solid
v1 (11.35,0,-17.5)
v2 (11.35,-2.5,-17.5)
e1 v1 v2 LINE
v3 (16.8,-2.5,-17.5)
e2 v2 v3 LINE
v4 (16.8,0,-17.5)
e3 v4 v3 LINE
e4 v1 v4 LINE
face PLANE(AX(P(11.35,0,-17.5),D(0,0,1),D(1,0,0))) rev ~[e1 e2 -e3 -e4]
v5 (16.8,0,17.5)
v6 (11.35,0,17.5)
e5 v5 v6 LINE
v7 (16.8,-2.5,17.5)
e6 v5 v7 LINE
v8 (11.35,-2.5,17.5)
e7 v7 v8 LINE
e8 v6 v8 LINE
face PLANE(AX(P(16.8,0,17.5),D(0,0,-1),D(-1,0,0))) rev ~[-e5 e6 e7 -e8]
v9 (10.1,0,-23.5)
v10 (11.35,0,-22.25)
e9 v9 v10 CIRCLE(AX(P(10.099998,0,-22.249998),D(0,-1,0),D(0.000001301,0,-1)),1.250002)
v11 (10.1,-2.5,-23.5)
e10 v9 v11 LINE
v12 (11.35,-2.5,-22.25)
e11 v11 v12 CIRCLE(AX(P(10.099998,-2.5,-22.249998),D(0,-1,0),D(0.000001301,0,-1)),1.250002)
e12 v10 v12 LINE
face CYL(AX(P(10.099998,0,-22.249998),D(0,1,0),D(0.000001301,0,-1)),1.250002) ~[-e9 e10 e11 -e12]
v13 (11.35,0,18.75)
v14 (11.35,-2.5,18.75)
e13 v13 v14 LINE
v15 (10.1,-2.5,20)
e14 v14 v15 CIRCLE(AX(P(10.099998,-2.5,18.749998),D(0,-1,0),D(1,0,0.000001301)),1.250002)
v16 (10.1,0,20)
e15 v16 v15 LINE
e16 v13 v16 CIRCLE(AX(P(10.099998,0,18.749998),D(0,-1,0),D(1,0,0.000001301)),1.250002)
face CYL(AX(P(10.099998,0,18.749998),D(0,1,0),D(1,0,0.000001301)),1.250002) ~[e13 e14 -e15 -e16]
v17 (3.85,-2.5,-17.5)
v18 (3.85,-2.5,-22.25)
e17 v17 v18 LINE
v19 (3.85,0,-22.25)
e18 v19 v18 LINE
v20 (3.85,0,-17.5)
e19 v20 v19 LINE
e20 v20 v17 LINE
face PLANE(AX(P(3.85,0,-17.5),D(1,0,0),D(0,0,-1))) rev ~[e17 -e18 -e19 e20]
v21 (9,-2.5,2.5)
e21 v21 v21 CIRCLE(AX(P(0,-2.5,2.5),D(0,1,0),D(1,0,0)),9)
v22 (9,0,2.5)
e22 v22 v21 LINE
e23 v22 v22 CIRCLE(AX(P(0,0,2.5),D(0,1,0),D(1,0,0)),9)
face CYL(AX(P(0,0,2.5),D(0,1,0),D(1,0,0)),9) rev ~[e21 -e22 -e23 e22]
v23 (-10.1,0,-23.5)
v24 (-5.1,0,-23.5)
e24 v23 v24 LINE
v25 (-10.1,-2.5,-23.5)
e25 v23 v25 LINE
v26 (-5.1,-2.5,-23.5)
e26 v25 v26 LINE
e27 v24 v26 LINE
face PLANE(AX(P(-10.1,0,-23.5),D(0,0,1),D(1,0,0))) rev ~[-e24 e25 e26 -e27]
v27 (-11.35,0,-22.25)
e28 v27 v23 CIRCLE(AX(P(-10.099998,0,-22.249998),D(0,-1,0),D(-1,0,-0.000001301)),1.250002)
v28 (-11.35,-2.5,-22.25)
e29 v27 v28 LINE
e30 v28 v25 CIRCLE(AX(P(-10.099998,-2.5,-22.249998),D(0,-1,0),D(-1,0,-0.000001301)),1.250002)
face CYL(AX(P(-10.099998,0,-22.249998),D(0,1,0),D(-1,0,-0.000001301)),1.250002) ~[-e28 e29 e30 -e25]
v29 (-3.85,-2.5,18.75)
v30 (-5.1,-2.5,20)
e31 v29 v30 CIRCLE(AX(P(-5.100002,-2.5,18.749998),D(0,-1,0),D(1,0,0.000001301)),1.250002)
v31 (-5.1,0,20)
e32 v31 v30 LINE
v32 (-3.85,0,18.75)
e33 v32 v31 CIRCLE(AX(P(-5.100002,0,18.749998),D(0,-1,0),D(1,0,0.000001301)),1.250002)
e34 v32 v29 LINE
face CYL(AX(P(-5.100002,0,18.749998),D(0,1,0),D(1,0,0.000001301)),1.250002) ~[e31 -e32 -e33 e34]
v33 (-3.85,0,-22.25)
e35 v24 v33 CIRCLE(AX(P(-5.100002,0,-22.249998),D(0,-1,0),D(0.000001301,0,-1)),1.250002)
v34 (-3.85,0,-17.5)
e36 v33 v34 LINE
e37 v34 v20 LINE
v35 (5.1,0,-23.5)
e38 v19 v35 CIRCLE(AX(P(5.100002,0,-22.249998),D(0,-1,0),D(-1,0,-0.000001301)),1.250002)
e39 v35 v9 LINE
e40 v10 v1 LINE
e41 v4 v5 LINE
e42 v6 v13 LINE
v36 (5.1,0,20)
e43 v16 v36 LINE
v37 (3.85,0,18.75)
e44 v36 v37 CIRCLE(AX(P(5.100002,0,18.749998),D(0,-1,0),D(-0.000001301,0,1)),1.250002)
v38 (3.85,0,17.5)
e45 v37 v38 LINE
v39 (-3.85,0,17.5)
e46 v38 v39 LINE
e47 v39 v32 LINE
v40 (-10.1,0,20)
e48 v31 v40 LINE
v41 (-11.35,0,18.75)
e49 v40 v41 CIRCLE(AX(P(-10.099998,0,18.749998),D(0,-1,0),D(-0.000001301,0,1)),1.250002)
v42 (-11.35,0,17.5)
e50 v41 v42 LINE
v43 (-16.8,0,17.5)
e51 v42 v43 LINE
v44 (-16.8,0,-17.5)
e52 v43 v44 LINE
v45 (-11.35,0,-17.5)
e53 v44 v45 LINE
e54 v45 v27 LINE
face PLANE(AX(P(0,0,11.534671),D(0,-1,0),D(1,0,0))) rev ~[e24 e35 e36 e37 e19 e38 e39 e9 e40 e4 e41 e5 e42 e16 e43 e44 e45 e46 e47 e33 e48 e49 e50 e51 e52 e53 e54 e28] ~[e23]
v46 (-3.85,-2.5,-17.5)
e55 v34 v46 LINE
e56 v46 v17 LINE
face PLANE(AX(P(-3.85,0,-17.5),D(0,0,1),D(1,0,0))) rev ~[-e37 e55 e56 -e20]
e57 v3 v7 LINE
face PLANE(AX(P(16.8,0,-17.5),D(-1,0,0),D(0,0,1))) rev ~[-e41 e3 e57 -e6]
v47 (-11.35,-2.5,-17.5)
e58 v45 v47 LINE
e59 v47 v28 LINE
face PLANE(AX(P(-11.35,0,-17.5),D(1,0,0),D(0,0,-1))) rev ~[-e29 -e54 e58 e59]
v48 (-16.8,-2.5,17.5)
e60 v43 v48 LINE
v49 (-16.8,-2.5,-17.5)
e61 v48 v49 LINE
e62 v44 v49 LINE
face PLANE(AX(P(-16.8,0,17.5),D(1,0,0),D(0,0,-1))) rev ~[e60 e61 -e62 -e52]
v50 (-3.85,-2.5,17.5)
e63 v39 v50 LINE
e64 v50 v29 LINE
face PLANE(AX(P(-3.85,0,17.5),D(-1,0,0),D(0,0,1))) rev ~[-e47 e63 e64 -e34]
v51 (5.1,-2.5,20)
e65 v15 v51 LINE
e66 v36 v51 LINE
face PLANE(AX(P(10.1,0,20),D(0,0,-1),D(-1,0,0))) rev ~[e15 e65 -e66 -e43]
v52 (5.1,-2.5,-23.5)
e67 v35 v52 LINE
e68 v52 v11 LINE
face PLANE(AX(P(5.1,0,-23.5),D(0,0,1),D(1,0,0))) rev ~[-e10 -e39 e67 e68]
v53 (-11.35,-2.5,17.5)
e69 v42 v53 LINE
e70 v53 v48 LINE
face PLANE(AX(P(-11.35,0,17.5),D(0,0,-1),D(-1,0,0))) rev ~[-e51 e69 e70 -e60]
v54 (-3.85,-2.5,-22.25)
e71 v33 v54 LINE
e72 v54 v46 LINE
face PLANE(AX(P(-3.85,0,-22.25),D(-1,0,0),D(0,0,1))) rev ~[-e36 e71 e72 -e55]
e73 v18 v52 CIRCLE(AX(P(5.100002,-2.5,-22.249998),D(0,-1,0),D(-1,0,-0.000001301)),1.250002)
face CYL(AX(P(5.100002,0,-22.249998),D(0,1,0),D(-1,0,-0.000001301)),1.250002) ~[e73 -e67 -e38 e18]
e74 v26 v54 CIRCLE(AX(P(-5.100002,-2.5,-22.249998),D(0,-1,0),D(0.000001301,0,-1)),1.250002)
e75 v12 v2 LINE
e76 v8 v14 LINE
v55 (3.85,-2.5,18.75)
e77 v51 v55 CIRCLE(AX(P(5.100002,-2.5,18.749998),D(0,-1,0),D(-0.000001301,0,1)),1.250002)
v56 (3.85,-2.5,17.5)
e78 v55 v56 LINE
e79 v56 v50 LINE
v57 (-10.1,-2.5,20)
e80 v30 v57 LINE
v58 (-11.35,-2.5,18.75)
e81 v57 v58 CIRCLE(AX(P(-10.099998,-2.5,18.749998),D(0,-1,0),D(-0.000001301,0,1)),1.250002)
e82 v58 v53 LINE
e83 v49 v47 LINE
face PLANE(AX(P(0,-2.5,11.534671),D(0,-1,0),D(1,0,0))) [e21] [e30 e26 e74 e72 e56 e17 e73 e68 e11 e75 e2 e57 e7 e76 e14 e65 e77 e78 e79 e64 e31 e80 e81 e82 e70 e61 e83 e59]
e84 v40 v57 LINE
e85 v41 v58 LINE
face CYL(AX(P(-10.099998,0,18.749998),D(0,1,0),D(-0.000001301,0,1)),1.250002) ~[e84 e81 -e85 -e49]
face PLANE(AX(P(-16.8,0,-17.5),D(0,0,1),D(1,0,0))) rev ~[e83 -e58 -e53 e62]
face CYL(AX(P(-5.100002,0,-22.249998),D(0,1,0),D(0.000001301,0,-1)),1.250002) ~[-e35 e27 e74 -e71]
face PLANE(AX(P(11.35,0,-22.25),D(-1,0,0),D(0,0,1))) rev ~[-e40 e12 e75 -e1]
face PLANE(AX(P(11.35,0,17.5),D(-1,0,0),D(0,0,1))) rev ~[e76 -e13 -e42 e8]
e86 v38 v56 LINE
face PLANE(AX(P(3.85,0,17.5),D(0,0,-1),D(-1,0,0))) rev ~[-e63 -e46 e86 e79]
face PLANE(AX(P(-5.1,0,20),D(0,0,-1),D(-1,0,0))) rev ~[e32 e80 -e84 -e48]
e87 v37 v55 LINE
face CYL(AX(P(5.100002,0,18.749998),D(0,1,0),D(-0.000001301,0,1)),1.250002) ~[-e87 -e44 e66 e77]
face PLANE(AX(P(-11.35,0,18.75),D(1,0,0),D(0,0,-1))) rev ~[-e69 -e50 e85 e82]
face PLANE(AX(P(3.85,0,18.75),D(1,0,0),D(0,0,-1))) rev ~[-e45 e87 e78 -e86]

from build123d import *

# Parameters (mm, degrees)
F1_DEPTH = 2.5


with BuildPart() as f1:
    # F0 (on Front) → F1 (new body)
    with BuildSketch(Plane.XZ):
        with BuildLine():
            Line((-11.35, 17.5), (-16.8, 17.5))
            Line((-16.8, 17.5), (-16.8, 2.5))
            Line((-16.8, 2.5), (-9, 2.5))
            ThreePointArc((-9, 2.5), (0, 11.5), (9, 2.5))
            Line((9, 2.5), (16.8, 2.5))
            Line((16.8, 2.5), (16.8, 17.5))
            Line((16.8, 17.5), (11.35, 17.5))
            Line((11.35, 17.5), (11.35, 18.75))
            ThreePointArc((11.35, 18.75), (10.983883, 19.633883), (10.1, 20))
            Line((10.1, 20), (5.1, 20))
            ThreePointArc((5.1, 20), (4.216117, 19.633883), (3.85, 18.75))
            Line((3.85, 18.75), (3.85, 17.5))
            Line((3.85, 17.5), (-3.85, 17.5))
            Line((-3.85, 17.5), (-3.85, 18.75))
            ThreePointArc((-3.85, 18.75), (-4.216117, 19.633883), (-5.1, 20))
            Line((-5.1, 20), (-10.1, 20))
            ThreePointArc((-10.1, 20), (-10.983883, 19.633883), (-11.35, 18.75))
            Line((-11.35, 18.75), (-11.35, 17.5))
        make_face()
        with BuildLine():
            Line((-9, 2.5), (-16.8, 2.5))
            Line((-16.8, 2.5), (-16.8, -17.5))
            Line((-16.8, -17.5), (-11.35, -17.5))
            Line((-11.35, -17.5), (-11.35, -22.25))
            ThreePointArc((-11.35, -22.25), (-10.983883, -23.133883), (-10.1, -23.5))
            Line((-10.1, -23.5), (-5.1, -23.5))
            ThreePointArc((-5.1, -23.5), (-4.216117, -23.133883), (-3.85, -22.25))
            Line((-3.85, -22.25), (-3.85, -17.5))
            Line((-3.85, -17.5), (3.85, -17.5))
            Line((3.85, -17.5), (3.85, -22.25))
            ThreePointArc((3.85, -22.25), (4.216117, -23.133883), (5.1, -23.5))
            Line((5.1, -23.5), (10.1, -23.5))
            ThreePointArc((10.1, -23.5), (10.983883, -23.133883), (11.35, -22.25))
            Line((11.35, -22.25), (11.35, -17.5))
            Line((11.35, -17.5), (16.8, -17.5))
            Line((16.8, -17.5), (16.8, 2.5))
            Line((16.8, 2.5), (9, 2.5))
            ThreePointArc((9, 2.5), (0, -6.5), (-9, 2.5))
        make_face()
    extrude(amount=F1_DEPTH)


solid = f1.part
